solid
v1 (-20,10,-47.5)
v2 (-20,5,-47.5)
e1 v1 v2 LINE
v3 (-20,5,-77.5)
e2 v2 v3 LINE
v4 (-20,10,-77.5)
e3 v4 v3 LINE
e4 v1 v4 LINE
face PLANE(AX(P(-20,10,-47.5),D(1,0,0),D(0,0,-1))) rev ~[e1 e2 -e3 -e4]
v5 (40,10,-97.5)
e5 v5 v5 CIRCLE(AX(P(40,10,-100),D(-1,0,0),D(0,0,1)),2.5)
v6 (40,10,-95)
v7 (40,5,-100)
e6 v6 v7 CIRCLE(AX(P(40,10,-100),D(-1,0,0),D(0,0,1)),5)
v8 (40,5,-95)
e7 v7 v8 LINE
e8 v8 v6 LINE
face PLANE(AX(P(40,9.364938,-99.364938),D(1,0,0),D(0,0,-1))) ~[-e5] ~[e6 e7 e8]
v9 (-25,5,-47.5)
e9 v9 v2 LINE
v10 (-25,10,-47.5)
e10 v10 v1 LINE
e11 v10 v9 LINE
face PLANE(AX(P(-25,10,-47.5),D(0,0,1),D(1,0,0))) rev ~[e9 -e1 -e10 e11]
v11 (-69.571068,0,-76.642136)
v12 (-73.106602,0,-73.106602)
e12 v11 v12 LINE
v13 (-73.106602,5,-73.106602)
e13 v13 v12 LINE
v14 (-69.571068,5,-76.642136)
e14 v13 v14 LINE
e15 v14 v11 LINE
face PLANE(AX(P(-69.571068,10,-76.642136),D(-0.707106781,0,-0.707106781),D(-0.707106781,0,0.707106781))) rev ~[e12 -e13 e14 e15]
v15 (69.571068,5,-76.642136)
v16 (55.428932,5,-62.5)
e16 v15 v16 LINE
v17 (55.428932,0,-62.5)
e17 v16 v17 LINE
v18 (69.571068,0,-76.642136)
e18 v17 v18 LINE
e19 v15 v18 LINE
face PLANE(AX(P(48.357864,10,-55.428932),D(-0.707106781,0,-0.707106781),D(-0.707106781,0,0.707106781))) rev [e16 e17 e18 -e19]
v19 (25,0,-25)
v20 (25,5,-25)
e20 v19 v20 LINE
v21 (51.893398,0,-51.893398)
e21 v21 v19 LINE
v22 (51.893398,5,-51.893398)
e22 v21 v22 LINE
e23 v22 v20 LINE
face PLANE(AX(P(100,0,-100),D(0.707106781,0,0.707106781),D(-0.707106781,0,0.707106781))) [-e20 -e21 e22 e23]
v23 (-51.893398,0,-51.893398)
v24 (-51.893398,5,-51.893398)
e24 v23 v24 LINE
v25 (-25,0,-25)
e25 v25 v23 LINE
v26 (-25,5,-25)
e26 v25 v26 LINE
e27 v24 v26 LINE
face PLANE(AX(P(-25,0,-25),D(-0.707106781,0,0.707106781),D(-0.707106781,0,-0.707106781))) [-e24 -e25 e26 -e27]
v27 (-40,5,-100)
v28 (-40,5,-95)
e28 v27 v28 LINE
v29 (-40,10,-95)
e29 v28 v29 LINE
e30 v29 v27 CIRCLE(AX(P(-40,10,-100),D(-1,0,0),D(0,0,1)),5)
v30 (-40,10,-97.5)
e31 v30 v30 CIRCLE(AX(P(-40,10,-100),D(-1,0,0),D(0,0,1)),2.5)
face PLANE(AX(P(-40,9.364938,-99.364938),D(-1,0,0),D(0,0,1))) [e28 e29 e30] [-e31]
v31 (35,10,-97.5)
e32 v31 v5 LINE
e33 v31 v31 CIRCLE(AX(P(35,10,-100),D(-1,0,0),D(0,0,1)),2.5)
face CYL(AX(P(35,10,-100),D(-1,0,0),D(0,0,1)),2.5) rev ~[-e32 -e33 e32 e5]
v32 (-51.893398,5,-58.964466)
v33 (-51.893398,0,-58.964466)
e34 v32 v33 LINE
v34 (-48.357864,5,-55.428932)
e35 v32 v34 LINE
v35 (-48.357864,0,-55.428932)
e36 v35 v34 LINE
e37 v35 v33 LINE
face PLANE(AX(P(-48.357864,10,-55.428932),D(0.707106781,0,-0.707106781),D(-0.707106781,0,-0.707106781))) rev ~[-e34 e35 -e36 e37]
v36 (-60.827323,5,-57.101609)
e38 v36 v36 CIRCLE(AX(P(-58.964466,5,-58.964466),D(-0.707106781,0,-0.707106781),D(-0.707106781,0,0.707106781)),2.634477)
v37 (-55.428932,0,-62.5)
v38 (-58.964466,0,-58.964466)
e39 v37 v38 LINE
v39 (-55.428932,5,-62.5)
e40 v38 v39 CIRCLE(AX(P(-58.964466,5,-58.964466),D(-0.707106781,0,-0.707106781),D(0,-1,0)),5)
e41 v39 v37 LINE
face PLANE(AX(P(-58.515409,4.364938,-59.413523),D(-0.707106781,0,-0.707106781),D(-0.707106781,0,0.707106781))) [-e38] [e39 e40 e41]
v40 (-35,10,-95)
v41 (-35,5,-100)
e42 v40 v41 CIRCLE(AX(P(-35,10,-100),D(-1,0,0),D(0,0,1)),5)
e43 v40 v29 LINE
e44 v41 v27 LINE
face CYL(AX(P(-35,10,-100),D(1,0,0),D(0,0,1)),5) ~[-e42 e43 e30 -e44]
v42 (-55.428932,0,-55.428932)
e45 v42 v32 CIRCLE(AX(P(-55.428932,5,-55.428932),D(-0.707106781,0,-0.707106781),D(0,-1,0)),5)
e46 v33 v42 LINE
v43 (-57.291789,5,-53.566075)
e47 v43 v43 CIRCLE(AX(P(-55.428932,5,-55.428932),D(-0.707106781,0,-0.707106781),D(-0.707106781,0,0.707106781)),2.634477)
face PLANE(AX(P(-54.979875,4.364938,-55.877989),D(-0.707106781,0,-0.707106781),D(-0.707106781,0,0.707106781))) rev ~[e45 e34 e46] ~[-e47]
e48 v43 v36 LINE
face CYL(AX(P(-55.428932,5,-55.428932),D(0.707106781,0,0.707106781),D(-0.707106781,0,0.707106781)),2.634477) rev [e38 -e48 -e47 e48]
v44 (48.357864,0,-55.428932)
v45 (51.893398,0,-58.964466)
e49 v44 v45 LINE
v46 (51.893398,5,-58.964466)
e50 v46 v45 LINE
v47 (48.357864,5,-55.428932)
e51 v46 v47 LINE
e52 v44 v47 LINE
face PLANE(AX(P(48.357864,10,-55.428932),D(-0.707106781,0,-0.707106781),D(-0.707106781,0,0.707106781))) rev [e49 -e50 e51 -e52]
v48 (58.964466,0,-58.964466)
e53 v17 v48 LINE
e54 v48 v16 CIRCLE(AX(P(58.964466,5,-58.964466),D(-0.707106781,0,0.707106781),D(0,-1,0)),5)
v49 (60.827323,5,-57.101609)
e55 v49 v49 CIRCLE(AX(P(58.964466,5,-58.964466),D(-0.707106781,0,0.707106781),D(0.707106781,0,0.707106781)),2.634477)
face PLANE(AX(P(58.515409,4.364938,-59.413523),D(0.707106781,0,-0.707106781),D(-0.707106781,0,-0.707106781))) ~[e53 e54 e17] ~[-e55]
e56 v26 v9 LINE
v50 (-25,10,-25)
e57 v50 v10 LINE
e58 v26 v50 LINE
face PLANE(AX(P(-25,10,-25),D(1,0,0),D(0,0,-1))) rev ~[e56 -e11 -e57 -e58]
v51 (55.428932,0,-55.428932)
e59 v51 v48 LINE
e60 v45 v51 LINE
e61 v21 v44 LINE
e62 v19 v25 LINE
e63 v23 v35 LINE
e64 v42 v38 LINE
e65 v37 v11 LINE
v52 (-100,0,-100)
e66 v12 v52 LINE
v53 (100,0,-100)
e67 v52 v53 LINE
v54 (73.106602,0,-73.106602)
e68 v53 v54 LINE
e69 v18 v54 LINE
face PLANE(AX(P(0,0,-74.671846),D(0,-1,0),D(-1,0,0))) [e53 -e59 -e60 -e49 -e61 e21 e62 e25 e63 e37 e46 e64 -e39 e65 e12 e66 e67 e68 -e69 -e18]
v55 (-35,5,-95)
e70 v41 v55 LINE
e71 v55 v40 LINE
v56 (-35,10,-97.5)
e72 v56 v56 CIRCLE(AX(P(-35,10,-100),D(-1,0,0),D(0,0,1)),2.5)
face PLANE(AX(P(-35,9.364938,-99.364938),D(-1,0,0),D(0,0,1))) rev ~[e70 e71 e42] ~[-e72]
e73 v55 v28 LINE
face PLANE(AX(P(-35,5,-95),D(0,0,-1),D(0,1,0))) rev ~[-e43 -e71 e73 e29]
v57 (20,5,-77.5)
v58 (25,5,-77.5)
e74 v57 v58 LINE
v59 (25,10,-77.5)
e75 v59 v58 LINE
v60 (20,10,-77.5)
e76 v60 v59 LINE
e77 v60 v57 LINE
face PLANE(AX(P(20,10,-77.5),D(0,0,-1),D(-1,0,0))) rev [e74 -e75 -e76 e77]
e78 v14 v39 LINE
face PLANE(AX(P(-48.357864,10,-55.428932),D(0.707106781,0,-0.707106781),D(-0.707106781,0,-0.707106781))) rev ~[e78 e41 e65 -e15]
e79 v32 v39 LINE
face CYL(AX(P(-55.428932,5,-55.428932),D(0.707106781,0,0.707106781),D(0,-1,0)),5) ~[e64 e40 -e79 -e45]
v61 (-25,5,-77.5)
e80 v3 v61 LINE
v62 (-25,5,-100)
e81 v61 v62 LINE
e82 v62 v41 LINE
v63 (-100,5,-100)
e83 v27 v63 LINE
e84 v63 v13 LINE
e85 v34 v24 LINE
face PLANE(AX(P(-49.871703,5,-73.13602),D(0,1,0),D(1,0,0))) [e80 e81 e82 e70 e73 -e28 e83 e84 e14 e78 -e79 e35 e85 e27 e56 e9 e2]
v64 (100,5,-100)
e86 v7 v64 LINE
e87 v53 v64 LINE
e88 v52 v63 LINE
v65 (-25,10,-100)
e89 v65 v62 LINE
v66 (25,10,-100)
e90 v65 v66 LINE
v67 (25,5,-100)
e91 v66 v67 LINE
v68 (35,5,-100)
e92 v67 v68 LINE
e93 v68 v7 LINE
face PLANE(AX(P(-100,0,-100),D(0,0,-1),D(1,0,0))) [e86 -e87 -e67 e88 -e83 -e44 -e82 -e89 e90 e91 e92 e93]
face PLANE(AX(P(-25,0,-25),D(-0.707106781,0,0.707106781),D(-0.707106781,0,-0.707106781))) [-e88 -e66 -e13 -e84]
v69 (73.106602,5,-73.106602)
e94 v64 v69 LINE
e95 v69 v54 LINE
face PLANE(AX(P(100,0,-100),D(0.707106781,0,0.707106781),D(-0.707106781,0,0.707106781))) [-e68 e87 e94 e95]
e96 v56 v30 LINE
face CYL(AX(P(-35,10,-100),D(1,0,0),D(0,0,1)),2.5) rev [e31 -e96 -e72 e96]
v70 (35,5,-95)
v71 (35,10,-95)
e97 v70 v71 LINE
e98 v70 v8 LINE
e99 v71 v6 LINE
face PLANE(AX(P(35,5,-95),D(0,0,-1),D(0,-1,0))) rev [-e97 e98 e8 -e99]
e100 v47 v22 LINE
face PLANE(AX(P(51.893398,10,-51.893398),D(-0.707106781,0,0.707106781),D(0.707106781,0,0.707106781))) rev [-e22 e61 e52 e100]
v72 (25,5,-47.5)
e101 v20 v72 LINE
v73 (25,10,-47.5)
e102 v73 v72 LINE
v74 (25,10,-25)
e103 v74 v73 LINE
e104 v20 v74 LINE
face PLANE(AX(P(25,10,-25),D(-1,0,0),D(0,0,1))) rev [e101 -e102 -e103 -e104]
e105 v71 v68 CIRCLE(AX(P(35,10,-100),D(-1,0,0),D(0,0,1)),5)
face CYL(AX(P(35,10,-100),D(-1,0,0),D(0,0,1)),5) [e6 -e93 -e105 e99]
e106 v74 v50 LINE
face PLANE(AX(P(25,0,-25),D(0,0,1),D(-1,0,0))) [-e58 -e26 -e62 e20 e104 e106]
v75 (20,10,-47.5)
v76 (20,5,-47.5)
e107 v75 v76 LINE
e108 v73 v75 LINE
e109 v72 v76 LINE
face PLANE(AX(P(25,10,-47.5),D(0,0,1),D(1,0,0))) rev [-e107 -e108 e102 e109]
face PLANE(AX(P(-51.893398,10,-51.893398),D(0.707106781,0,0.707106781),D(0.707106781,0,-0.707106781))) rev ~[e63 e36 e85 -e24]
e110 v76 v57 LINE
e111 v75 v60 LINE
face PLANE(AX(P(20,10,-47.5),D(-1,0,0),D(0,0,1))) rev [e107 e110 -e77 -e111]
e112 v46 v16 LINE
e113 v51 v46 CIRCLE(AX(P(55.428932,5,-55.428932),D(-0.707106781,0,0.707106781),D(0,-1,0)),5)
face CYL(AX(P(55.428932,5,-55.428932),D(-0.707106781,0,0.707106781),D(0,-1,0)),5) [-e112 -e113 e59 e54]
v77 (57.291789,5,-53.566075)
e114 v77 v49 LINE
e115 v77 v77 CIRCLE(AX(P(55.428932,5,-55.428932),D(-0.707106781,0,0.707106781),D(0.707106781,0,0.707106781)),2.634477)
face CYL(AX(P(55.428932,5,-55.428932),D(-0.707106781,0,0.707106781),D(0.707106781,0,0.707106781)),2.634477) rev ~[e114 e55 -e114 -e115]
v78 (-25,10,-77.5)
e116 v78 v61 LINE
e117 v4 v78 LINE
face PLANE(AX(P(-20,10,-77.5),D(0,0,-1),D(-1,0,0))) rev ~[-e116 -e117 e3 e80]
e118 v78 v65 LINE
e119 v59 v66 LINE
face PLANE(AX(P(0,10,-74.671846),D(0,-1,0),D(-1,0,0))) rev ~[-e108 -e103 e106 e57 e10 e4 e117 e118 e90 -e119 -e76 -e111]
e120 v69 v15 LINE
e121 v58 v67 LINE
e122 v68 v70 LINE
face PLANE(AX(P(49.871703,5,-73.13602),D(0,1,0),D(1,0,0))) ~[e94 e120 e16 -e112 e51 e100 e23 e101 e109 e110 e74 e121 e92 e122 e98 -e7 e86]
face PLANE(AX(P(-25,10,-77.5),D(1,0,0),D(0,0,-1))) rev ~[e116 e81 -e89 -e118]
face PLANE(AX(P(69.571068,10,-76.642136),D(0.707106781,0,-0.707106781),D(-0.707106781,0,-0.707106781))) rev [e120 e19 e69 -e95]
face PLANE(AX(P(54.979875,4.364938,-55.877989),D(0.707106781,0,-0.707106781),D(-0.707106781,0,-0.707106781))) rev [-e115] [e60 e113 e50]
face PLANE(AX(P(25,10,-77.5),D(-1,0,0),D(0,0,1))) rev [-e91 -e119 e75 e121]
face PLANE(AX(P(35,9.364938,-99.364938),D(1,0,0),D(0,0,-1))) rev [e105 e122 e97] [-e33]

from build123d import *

# Parameters (mm, degrees)
BOSS_EXTRUDE1_DEPTH = 10
CUT_EXTRUDE1_DEPTH  = 5
CUT_EXTRUDE2_REACH  = 143.774
BOSS_EXTRUDE2_START = 5
SKETCH3_R           = 2.634477445
BOSS_EXTRUDE2_DEPTH = 5
BOSS_EXTRUDE3_START = 10
SKETCH4_R           = 2.5
BOSS_EXTRUDE3_DEPTH = 5


with BuildPart() as part:
    # Sketch1 → Boss-Extrude1 (new body)
    with BuildSketch(Plane(origin=(0, 0, 0), x_dir=(1, 0, 0), z_dir=(0, 1, 0))):
        Polygon((-25, 25), (-100, 100), (100, 100), (25, 25), align=None)
    extrude(amount=BOSS_EXTRUDE1_DEPTH)

    # Sketch2 → Cut-Extrude1 (cut)
    with BuildSketch(Plane(origin=(0, 10, 0), x_dir=(1, 0, 0), z_dir=(0, 1, 0))):
        Polygon((-25, 25), (-25, 47.5), (-20, 47.5), (-20, 77.5), (-25, 77.5), (-25, 100), (-100, 100), (-73.106601718, 73.106601718), (-69.571067812, 76.642135624), (-48.357864376, 55.428932188), (-51.893398282, 51.893398282), align=None)
    cut_extrude1 = extrude(amount=-CUT_EXTRUDE1_DEPTH, mode=Mode.SUBTRACT)

    # Sketch2<4> → Cut-Extrude2 (cut, up to next)
    with BuildSketch(Plane(origin=(0, 10, 0), x_dir=(1, 0, 0), z_dir=(0, 1, 0)), mode=Mode.PRIVATE) as cut_extrude2_sk1:
        Polygon((-73.106601718, 73.106601718), (-51.893398282, 51.893398282), (-48.357864376, 55.428932188), (-69.571067812, 76.642135624), align=None)
    cut_extrude2_tool1 = extrude(cut_extrude2_sk1.sketch, amount=-CUT_EXTRUDE2_REACH, mode=Mode.PRIVATE) & part.part
    cut_extrude2 = cut_extrude2_tool1.solids().sort_by_distance((-60.732233, 10, -64.267767))[0]
    add(cut_extrude2, mode=Mode.SUBTRACT)

    # Sketch3 → Boss-Extrude2 (add)
    with BuildSketch(Plane(origin=(-51.893398282, 0, -51.893398282), x_dir=(-0.7071067811865461, 0, 0.7071067811865489), z_dir=(-0.7071067811865489, 0, -0.7071067811865461)).offset(BOSS_EXTRUDE2_START)):
        with BuildLine():
            ThreePointArc((0, 0), (3.535533906, 8.535533906), (-5, 5))
            Line((-5, 5), (-5, 0))
            Line((-5, 0), (0, 0))
        make_face()
        with Locations((0, 5)):
            Circle(SKETCH3_R, mode=Mode.SUBTRACT)
    boss_extrude2 = extrude(amount=BOSS_EXTRUDE2_DEPTH)

    # Sketch4 → Boss-Extrude3 (add)
    with BuildSketch(Plane.ZY.offset(25).offset(BOSS_EXTRUDE3_START)):
        with BuildLine():
            ThreePointArc((-95, 10), (-103.535533906, 13.535533906), (-100, 5))
            Line((-100, 5), (-95, 5))
            Line((-95, 5), (-95, 10))
        make_face()
        with Locations((-100, 10)):
            Circle(SKETCH4_R, mode=Mode.SUBTRACT)
    boss_extrude3 = extrude(amount=BOSS_EXTRUDE3_DEPTH)

    # Mirror1: Cut-Extrude1, Cut-Extrude2, Boss-Extrude2, Boss-Extrude3 across plane
    add(cut_extrude1.mirror(Plane(origin=(0, 0, 0), x_dir=(0, 0, 1), z_dir=(1, 0, 0))), mode=Mode.SUBTRACT)
    add(cut_extrude2.mirror(Plane(origin=(0, 0, 0), x_dir=(0, 0, 1), z_dir=(1, 0, 0))), mode=Mode.SUBTRACT)
    add(boss_extrude2.mirror(Plane(origin=(0, 0, 0), x_dir=(0, 0, 1), z_dir=(1, 0, 0))))
    add(boss_extrude3.mirror(Plane(origin=(0, 0, 0), x_dir=(0, 0, 1), z_dir=(1, 0, 0))))


solid = part.part
